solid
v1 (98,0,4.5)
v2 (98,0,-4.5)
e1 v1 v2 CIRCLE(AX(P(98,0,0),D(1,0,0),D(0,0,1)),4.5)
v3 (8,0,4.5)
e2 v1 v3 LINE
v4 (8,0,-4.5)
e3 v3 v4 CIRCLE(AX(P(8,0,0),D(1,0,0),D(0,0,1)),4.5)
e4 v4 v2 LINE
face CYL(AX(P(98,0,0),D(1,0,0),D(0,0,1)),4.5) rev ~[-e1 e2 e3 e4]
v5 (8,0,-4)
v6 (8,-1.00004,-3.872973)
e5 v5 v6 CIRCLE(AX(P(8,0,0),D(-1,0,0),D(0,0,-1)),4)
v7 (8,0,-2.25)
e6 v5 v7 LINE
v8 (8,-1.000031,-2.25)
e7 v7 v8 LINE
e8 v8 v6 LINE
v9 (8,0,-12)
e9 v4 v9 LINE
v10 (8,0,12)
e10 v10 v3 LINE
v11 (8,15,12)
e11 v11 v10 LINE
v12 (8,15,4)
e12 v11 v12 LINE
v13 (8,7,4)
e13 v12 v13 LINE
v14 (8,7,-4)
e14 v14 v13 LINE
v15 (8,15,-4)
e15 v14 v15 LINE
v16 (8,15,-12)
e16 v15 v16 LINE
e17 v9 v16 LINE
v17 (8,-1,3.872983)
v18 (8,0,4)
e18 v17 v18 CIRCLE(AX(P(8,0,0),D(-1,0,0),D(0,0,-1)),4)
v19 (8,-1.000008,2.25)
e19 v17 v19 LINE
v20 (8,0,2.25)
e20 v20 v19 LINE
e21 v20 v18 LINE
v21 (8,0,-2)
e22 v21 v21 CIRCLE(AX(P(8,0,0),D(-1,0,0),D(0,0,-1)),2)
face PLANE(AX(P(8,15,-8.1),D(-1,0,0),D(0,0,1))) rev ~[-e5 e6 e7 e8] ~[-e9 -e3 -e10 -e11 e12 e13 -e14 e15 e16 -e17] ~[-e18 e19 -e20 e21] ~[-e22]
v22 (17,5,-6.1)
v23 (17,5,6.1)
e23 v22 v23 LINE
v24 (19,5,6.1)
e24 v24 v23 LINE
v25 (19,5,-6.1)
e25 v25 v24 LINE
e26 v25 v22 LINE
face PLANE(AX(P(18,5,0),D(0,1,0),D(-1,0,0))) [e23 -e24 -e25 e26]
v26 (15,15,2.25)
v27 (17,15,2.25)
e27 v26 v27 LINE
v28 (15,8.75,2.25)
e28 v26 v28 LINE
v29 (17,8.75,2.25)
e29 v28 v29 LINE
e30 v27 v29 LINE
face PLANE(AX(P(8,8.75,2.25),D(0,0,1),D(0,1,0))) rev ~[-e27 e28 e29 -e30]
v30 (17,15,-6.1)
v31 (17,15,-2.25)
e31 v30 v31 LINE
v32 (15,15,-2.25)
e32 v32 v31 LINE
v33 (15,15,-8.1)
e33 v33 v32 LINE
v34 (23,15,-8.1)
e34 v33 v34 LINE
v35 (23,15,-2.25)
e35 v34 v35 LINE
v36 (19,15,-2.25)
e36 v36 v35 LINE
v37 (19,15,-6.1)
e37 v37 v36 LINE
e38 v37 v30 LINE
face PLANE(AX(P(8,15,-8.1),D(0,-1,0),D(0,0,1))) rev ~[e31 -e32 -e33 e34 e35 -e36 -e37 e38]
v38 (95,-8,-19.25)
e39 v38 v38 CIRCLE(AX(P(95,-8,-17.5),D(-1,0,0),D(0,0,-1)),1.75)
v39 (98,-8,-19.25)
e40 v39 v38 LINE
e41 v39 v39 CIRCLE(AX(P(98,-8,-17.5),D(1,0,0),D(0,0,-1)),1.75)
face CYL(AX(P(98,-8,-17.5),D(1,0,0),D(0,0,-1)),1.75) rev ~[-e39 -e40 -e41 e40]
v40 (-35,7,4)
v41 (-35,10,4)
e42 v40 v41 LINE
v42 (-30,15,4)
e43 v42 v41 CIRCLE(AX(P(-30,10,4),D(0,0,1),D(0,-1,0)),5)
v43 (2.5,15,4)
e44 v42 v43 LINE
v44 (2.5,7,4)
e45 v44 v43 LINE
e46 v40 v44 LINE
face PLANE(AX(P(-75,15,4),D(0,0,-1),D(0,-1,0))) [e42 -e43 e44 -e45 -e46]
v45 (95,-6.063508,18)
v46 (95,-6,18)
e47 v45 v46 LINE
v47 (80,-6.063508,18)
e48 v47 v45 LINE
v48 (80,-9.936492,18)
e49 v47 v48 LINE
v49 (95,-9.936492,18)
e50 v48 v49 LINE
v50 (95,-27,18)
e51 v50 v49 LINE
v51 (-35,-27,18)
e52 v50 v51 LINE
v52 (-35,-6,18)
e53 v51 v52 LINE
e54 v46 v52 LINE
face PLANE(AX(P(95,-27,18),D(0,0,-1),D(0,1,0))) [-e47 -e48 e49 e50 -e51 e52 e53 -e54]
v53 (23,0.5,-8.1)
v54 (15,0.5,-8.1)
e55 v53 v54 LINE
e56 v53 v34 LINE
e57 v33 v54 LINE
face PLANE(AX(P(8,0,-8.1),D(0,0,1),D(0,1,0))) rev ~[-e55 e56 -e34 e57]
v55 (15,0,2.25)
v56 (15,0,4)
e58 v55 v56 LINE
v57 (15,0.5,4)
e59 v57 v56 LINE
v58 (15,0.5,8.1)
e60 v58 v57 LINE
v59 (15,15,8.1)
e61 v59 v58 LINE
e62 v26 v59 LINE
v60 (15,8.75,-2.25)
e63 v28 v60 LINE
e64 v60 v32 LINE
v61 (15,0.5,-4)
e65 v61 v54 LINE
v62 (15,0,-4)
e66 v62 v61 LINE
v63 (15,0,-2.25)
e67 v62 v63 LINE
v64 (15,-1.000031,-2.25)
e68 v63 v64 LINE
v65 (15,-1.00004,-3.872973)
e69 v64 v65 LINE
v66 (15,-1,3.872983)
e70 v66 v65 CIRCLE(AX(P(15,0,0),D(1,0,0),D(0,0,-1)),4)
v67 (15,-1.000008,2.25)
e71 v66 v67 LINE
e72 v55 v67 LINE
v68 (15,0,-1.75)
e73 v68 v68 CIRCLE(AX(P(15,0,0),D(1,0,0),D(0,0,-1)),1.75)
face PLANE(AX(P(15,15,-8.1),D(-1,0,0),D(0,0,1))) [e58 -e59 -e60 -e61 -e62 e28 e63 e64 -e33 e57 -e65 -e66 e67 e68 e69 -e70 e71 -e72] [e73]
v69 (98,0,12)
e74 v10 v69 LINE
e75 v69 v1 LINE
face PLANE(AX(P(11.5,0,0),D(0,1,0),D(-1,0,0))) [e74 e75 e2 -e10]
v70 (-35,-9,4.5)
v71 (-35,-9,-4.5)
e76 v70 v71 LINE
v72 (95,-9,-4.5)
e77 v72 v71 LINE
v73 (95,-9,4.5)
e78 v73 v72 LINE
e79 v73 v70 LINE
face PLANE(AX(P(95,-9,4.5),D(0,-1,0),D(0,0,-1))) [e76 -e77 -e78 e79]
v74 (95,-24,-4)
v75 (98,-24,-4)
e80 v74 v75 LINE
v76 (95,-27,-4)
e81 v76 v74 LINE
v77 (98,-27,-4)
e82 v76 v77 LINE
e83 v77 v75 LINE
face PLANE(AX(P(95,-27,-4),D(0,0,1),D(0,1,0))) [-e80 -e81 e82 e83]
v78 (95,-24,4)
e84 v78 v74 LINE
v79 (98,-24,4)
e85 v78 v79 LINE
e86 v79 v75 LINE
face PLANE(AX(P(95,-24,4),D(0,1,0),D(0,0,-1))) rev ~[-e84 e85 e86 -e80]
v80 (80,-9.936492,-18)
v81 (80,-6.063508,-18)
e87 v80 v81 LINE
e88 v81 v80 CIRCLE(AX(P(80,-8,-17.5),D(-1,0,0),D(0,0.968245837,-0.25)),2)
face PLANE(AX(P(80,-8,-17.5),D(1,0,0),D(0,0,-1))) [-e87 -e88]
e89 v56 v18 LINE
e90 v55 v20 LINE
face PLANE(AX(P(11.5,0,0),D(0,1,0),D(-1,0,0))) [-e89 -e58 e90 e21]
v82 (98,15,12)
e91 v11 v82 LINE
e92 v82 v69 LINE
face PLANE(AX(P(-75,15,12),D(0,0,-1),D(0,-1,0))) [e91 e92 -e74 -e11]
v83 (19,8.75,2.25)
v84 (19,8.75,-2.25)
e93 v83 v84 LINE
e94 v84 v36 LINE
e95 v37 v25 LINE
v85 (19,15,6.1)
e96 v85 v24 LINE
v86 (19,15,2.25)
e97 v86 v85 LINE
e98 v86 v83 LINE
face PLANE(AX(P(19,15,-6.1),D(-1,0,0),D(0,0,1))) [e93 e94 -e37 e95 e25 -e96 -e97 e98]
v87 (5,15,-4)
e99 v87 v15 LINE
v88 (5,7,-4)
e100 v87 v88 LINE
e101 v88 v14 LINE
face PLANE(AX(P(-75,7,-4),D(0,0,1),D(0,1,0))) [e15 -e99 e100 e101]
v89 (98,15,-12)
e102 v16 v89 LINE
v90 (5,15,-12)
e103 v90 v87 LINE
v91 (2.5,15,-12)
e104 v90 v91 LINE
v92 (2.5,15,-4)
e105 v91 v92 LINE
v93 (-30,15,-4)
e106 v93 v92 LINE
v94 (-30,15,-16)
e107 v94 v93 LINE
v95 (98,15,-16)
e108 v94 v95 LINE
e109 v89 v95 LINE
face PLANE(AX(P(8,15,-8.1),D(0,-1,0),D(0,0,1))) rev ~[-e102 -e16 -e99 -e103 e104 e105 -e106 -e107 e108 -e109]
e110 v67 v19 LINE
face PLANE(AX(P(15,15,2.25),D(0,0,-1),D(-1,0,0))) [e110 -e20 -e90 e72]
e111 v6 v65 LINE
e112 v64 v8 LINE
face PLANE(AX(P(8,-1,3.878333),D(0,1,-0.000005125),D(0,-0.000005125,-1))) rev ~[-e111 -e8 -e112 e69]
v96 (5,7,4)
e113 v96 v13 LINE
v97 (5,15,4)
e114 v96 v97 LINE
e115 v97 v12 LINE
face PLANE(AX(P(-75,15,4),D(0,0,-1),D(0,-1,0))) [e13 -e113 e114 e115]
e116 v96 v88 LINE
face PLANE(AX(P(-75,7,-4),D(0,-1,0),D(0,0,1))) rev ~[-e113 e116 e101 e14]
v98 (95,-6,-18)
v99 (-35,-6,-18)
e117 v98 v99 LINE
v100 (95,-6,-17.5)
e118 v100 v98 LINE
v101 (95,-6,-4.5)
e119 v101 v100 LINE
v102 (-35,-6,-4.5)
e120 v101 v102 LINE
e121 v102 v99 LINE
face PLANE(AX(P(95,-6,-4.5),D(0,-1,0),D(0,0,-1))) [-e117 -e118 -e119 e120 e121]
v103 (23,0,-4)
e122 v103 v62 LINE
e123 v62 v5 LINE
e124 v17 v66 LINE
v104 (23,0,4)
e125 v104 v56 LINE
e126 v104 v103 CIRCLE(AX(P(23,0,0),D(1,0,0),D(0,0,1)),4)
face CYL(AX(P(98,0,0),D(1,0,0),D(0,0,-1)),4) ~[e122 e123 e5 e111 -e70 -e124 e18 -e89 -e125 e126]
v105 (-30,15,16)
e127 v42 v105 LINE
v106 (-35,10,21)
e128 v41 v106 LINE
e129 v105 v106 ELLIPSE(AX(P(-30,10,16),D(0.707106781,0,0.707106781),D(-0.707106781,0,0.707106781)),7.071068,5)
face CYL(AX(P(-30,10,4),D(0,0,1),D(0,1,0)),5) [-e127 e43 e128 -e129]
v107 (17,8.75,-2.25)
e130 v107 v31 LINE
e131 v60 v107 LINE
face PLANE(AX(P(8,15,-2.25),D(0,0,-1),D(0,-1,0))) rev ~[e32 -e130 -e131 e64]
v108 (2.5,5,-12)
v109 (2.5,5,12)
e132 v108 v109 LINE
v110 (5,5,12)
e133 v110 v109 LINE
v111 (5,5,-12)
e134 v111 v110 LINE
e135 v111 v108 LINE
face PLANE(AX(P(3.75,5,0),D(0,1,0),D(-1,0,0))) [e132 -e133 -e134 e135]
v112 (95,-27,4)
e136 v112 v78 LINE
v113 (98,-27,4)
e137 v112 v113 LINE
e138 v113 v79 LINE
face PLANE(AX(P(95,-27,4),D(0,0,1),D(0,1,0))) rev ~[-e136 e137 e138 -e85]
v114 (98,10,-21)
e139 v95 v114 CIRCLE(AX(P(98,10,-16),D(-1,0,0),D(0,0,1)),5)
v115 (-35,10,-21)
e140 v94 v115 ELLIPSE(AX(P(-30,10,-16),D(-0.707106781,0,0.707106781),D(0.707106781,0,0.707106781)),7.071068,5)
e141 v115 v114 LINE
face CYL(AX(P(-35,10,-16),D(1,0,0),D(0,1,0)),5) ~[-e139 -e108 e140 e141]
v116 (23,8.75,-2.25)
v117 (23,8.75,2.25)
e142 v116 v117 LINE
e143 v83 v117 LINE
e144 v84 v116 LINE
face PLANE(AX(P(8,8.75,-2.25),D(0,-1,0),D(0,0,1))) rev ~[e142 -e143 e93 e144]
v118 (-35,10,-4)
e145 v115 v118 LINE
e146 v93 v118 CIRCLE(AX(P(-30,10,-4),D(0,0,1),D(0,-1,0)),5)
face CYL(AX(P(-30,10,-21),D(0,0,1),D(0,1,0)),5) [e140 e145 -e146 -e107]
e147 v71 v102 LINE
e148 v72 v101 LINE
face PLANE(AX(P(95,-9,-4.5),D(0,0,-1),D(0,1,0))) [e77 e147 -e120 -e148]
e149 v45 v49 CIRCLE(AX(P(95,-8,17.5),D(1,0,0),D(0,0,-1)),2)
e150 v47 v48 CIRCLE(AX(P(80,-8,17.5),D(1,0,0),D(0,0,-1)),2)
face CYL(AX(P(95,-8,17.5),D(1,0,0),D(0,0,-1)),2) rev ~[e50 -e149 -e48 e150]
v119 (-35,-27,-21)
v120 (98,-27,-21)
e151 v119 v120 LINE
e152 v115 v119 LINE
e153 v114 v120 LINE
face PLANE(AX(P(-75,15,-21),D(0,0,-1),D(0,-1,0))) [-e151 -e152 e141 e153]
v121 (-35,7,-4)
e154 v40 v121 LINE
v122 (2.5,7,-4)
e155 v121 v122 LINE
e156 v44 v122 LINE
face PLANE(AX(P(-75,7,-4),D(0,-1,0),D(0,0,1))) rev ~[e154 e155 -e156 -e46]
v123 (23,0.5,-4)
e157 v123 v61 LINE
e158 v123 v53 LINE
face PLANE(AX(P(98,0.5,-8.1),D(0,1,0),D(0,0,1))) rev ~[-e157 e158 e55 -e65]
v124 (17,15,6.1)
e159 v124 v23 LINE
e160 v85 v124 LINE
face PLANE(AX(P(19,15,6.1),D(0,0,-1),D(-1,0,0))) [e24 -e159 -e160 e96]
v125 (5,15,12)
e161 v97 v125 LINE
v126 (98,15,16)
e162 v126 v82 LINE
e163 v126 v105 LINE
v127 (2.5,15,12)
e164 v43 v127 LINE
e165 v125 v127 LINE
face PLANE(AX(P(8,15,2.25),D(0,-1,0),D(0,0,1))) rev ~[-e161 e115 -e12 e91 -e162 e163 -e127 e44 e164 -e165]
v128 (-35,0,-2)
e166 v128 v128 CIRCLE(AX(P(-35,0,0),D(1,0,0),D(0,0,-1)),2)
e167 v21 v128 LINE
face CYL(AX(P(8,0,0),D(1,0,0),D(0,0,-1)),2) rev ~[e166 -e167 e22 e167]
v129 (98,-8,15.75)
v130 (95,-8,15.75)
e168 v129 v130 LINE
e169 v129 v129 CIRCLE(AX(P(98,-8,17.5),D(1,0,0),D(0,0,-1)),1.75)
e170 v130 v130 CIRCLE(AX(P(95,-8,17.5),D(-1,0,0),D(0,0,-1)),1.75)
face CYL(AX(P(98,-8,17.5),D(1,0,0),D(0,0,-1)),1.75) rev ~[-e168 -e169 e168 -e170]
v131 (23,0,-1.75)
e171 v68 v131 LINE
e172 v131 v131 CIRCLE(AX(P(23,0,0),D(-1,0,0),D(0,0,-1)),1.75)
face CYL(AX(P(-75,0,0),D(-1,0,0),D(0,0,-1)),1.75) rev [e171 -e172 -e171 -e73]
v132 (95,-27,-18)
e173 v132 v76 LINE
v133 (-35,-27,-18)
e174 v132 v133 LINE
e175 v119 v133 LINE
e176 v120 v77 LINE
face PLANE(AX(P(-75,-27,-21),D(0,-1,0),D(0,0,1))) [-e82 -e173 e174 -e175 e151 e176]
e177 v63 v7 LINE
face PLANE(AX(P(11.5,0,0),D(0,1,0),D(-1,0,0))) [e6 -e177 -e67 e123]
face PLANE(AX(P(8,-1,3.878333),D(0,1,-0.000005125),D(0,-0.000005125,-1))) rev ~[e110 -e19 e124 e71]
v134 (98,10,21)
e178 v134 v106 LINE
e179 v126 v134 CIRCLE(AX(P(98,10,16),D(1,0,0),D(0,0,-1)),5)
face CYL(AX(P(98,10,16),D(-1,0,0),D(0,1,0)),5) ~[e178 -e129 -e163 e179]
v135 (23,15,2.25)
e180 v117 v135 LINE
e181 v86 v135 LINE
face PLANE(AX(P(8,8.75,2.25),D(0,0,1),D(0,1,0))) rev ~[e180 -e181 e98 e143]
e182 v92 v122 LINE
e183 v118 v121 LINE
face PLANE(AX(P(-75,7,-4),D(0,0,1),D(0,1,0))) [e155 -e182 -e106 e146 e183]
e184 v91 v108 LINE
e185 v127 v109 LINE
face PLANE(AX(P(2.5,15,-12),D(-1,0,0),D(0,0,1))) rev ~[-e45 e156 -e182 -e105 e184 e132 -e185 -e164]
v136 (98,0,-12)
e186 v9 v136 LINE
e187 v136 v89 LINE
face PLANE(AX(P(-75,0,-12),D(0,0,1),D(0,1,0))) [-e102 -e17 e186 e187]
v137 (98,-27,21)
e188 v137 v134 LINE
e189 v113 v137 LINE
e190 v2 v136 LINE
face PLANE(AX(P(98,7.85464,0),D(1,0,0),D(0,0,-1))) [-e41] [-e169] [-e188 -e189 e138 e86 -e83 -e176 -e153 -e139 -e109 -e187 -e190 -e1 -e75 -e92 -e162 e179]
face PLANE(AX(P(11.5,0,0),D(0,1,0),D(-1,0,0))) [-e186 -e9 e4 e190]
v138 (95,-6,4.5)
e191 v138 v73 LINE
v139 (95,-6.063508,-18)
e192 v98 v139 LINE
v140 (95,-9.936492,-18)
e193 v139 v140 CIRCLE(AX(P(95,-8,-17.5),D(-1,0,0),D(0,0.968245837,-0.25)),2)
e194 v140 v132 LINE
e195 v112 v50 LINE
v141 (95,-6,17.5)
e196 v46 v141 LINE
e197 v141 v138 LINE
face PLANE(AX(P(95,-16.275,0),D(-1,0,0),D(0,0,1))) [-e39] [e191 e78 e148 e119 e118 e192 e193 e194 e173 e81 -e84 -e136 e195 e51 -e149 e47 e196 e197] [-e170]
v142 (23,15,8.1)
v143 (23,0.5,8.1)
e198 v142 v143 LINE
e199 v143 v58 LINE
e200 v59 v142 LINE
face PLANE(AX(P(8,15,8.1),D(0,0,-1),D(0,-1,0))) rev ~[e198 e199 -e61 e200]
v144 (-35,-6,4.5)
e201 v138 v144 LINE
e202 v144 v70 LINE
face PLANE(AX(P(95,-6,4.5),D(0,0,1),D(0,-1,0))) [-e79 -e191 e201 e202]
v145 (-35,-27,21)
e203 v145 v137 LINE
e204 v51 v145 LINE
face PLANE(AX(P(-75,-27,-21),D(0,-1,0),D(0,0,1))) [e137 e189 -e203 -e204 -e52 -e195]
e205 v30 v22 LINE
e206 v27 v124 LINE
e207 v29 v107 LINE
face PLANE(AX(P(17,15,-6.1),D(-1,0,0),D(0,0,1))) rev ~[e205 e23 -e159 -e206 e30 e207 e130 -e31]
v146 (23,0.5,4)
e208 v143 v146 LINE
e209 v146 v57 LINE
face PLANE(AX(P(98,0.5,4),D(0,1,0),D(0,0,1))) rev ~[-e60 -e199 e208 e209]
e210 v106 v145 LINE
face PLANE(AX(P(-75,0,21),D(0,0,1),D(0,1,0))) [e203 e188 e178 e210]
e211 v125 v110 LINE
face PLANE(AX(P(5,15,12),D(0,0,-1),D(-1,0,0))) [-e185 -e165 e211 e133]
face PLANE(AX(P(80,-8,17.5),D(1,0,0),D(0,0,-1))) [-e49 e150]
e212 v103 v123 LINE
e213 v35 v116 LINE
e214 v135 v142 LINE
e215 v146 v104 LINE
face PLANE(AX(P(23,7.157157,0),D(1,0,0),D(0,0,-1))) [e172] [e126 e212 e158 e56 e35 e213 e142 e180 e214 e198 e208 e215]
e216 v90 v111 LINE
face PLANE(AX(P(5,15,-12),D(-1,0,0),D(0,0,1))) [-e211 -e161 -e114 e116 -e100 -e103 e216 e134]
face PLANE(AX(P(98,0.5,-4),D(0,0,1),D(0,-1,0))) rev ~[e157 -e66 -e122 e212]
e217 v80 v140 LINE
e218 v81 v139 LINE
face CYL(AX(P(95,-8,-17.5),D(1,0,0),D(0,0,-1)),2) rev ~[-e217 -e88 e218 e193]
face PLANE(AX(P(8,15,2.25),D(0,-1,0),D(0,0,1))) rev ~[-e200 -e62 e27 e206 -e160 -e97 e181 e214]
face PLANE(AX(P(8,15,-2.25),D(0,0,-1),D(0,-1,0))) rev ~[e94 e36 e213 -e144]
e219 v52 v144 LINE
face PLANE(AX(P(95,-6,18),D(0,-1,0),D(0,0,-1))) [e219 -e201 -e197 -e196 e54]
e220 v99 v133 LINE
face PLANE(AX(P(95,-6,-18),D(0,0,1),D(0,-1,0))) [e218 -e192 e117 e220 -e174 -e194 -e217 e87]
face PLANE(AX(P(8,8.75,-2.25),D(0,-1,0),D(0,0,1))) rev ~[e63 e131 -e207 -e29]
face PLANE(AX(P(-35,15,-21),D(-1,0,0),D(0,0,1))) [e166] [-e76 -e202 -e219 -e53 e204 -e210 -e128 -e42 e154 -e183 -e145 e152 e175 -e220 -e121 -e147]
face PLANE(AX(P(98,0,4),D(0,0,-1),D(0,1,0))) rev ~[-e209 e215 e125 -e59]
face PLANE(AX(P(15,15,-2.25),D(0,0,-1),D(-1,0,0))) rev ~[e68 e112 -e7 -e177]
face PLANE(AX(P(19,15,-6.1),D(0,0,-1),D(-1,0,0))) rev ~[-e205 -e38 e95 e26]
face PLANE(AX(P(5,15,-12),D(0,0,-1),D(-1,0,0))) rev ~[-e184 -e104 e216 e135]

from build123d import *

# Parameters (mm, degrees)
BOSS_EXTRUDE1_DEPTH      = 8
BOSS_EXTRUDE1_DEPTH_BACK = 75
SKETCH3_W                = 2.5
SKETCH3_H                = 24
CUT_EXTRUDE1_DEPTH       = 10
BOSS_EXTRUDE6_DEPTH      = 90
BOSS_EXTRUDE6_DEPTH_BACK = 83
BOSS_EXTRUDE7_DEPTH      = 90
SKETCH8_W                = 7
SKETCH8_H                = 16.2
CUT_EXTRUDE2_DEPTH       = 15
SKETCH9_W                = 2
SKETCH9_H                = 12.2
CUT_EXTRUDE3_DEPTH       = 10
CUT_EXTRUDE4_DEPTH       = 90
CUT_EXTRUDE5_DEPTH       = 75
CUT_EXTRUDE6_DEPTH       = 90
CUT_EXTRUDE6_DEPTH_BACK  = 83
SKETCH13_R               = 1.75
SKETCH14_R               = 2
CUT_EXTRUDE7_DEPTH       = 83
SKETCH16_R               = 1.75
CUT_EXTRUDE8_DEPTH       = 3
CUT_EXTRUDE9_DEPTH       = 170
SKETCH18_R               = 2
CUT_EXTRUDE10_DEPTH      = 15
SKETCH19_W               = 8
SKETCH19_H               = 3
CUT_EXTRUDE11_DEPTH      = 3
CUT_EXTRUDE12_DEPTH      = 7
SKETCH21_W               = 7
SKETCH21_H               = 4.5
CUT_EXTRUDE13_DEPTH      = 17
SKETCH22_W               = 40
SKETCH22_H               = 42
CUT_EXTRUDE14_DEPTH      = 42
FILLET1_R                = 5


with BuildPart() as part:
    # Sketch2 → Boss-Extrude1 (new, two sides: drawn at the far end of the back side and taken through both)
    with BuildSketch(Plane(origin=(0, 0, 0), x_dir=(0, 0, -1), z_dir=(1, 0, 0)).offset(-BOSS_EXTRUDE1_DEPTH_BACK)):
        Polygon((-21, 0), (-21, 15), (-4, 15), (-4, 7), (0, 7), (4, 7), (4, 15), (21, 15), (21, 0), (0, 0), align=None)
    extrude(amount=BOSS_EXTRUDE1_DEPTH + BOSS_EXTRUDE1_DEPTH_BACK)

    # Sketch3 → Cut-Extrude1 (cut)
    with BuildSketch(Plane(origin=(0, 15, 0), x_dir=(-1, 0, 0), z_dir=(0, 1, 0))):
        with Locations((-3.75, 0)):
            Rectangle(SKETCH3_W, SKETCH3_H)
    extrude(amount=-CUT_EXTRUDE1_DEPTH, mode=Mode.SUBTRACT)

    # Sketch6 → Boss-Extrude6 (add, two sides: drawn at the far end of the back side and taken through both)
    with BuildSketch(Plane(origin=(8, 0, 0), x_dir=(0, 0, -1), z_dir=(1, 0, 0)).offset(-BOSS_EXTRUDE6_DEPTH_BACK)):
        Polygon((-12, 15), (-12, 0), (12, 0), (12, 15), (21, 15), (21, -27), (-21, -27), (-21, 15), align=None)
    extrude(amount=BOSS_EXTRUDE6_DEPTH + BOSS_EXTRUDE6_DEPTH_BACK)

    # Sketch7 → Boss-Extrude7 (add)
    with BuildSketch(Plane(origin=(8, 0, 0), x_dir=(0, 0, -1), z_dir=(1, 0, 0))):
        Polygon((2.25, 15), (2.25, 8.75), (-2.25, 8.75), (-2.25, 15), (-8.1, 15), (-8.1, 11), (-8.1, 0), (8.1, 0), (8.1, 11), (8.1, 15), align=None)
    extrude(amount=BOSS_EXTRUDE7_DEPTH)

    # Sketch8 → Cut-Extrude2 (cut)
    with BuildSketch(Plane(origin=(0, 15, 0), x_dir=(-1, 0, 0), z_dir=(0, 1, 0))):
        with Locations((-11.5, 0)):
            Rectangle(SKETCH8_W, SKETCH8_H)
    extrude(amount=-CUT_EXTRUDE2_DEPTH, mode=Mode.SUBTRACT)

    # Sketch9 → Cut-Extrude3 (cut)
    with BuildSketch(Plane(origin=(0, 15, 0), x_dir=(-1, 0, 0), z_dir=(0, 1, 0))):
        with Locations((-18, 0)):
            Rectangle(SKETCH9_W, SKETCH9_H)
    extrude(amount=-CUT_EXTRUDE3_DEPTH, mode=Mode.SUBTRACT)

    # Sketch11 → Cut-Extrude4 (cut)
    with BuildSketch(Plane(origin=(98, 0, 0), x_dir=(0, 0, -1), z_dir=(1, 0, 0))):
        with BuildLine():
            Line((4.5, 0), (8.1, 0))
            Line((8.1, 0), (8.1, 0.5))
            Line((8.1, 0.5), (4, 0.5))
            Line((4, 0.5), (4, 0))
            ThreePointArc((4, 0), (0, -4), (-4, 0))
            Line((-4, 0), (-4, 0.5))
            Line((-4, 0.5), (-8.1, 0.5))
            Line((-8.1, 0.5), (-8.1, 0))
            Line((-8.1, 0), (-4.5, 0))
            ThreePointArc((-4.5, 0), (0, -4.5), (4.5, 0))
        make_face()
    extrude(amount=-CUT_EXTRUDE4_DEPTH, mode=Mode.SUBTRACT)

    # Sketch12 → Cut-Extrude5 (cut)
    with BuildSketch(Plane(origin=(98, 0, 0), x_dir=(0, 0, -1), z_dir=(1, 0, 0))):
        with BuildLine():
            Line((-2.25, 15), (-8.1, 15))
            Line((-8.1, 15), (-8.1, 0.5))
            Line((-8.1, 0.5), (-4, 0.5))
            Line((-4, 0.5), (-4, 0))
            ThreePointArc((-4, 0), (0, -4), (4, 0))
            Line((4, 0), (4, 0.5))
            Line((4, 0.5), (8.1, 0.5))
            Line((8.1, 0.5), (8.1, 15))
            Line((8.1, 15), (2.25, 15))
            Line((2.25, 15), (2.25, 8.75))
            Line((2.25, 8.75), (-2.25, 8.75))
            Line((-2.25, 8.75), (-2.25, 15))
        make_face()
    extrude(amount=-CUT_EXTRUDE5_DEPTH, mode=Mode.SUBTRACT)

    # Sketch13 → Cut-Extrude6 (cut, two sides: drawn at the far end of the back side and taken through both)
    with BuildSketch(Plane(origin=(8, 0, 0), x_dir=(0, 0, -1), z_dir=(1, 0, 0)).offset(-CUT_EXTRUDE6_DEPTH_BACK)):
        Circle(SKETCH13_R)
    extrude(amount=CUT_EXTRUDE6_DEPTH + CUT_EXTRUDE6_DEPTH_BACK, mode=Mode.SUBTRACT)

    # Sketch14 → Cut-Extrude7 (cut)
    with BuildSketch(Plane(origin=(8, 0, 0), x_dir=(0, 0, -1), z_dir=(1, 0, 0))):
        Circle(SKETCH14_R)
    extrude(amount=-CUT_EXTRUDE7_DEPTH, mode=Mode.SUBTRACT)

    # Sketch16 → Cut-Extrude8 (cut)
    with BuildSketch(Plane(origin=(98, 0, 0), x_dir=(0, 0, -1), z_dir=(1, 0, 0))):
        with Locations((17.5, -8)):
            Circle(SKETCH16_R)
        with Locations((-17.5, -8)):
            Circle(SKETCH16_R)
    extrude(amount=-CUT_EXTRUDE8_DEPTH, mode=Mode.SUBTRACT)

    # Sketch17 → Cut-Extrude9 (cut)
    with BuildSketch(Plane(origin=(95, 0, 0), x_dir=(0, 0, -1), z_dir=(1, 0, 0))):
        Polygon((18, -6), (18, -27), (-18, -27), (-18, -6), (-4.5, -6), (-4.5, -9), (4.5, -9), (4.5, -6), align=None)
    extrude(amount=-CUT_EXTRUDE9_DEPTH, mode=Mode.SUBTRACT)

    # Sketch18 → Cut-Extrude10 (cut)
    with BuildSketch(Plane(origin=(95, 0, 0), x_dir=(0, 0, -1), z_dir=(1, 0, 0))):
        with Locations((-17.5, -8)):
            Circle(SKETCH18_R)
        with Locations((17.5, -8)):
            Circle(SKETCH18_R)
    extrude(amount=-CUT_EXTRUDE10_DEPTH, mode=Mode.SUBTRACT)

    # Sketch19 → Cut-Extrude11 (cut)
    with BuildSketch(Plane(origin=(95, 0, 0), x_dir=(0, 0, -1), z_dir=(1, 0, 0))):
        with Locations((0, -25.5)):
            Rectangle(SKETCH19_W, SKETCH19_H)
    extrude(amount=CUT_EXTRUDE11_DEPTH, mode=Mode.SUBTRACT)

    # Sketch20 → Cut-Extrude12 (cut)
    with BuildSketch(Plane(origin=(8, 0, 0), x_dir=(0, 0, -1), z_dir=(1, 0, 0))):
        with BuildLine():
            Line((-3.878333303, -1), (3.878323052, -1.000039756))
            ThreePointArc((3.878323052, -1.000039756), (-2.0528e-05, -4.005180297), (-3.878333303, -1))
        make_face()
    extrude(amount=CUT_EXTRUDE12_DEPTH, mode=Mode.SUBTRACT)

    # Sketch21 → Cut-Extrude13 (cut)
    with BuildSketch(Plane(origin=(0, 15, 0), x_dir=(-1, 0, 0), z_dir=(0, 1, 0))):
        with Locations((-11.5, 0)):
            Rectangle(SKETCH21_W, SKETCH21_H)
    extrude(amount=-CUT_EXTRUDE13_DEPTH, mode=Mode.SUBTRACT)

    # Sketch22 → Cut-Extrude14 (cut)
    with BuildSketch(Plane(origin=(0, 15, 0), x_dir=(-1, 0, 0), z_dir=(0, 1, 0))):
        with Locations((55, 0)):
            Rectangle(SKETCH22_W, SKETCH22_H)
    extrude(amount=-CUT_EXTRUDE14_DEPTH, mode=Mode.SUBTRACT)

    # Fillet1
    fillet1_edges = [part.edges().sort_by_distance(p)[0] for p in [
        (31.5, 15, -21),
        (31.5, 15, 21),
        (-35, 15, 12.5),
        (-35, 15, -12.5),
    ]]
    fillet(fillet1_edges, radius=FILLET1_R)


solid = part.part
